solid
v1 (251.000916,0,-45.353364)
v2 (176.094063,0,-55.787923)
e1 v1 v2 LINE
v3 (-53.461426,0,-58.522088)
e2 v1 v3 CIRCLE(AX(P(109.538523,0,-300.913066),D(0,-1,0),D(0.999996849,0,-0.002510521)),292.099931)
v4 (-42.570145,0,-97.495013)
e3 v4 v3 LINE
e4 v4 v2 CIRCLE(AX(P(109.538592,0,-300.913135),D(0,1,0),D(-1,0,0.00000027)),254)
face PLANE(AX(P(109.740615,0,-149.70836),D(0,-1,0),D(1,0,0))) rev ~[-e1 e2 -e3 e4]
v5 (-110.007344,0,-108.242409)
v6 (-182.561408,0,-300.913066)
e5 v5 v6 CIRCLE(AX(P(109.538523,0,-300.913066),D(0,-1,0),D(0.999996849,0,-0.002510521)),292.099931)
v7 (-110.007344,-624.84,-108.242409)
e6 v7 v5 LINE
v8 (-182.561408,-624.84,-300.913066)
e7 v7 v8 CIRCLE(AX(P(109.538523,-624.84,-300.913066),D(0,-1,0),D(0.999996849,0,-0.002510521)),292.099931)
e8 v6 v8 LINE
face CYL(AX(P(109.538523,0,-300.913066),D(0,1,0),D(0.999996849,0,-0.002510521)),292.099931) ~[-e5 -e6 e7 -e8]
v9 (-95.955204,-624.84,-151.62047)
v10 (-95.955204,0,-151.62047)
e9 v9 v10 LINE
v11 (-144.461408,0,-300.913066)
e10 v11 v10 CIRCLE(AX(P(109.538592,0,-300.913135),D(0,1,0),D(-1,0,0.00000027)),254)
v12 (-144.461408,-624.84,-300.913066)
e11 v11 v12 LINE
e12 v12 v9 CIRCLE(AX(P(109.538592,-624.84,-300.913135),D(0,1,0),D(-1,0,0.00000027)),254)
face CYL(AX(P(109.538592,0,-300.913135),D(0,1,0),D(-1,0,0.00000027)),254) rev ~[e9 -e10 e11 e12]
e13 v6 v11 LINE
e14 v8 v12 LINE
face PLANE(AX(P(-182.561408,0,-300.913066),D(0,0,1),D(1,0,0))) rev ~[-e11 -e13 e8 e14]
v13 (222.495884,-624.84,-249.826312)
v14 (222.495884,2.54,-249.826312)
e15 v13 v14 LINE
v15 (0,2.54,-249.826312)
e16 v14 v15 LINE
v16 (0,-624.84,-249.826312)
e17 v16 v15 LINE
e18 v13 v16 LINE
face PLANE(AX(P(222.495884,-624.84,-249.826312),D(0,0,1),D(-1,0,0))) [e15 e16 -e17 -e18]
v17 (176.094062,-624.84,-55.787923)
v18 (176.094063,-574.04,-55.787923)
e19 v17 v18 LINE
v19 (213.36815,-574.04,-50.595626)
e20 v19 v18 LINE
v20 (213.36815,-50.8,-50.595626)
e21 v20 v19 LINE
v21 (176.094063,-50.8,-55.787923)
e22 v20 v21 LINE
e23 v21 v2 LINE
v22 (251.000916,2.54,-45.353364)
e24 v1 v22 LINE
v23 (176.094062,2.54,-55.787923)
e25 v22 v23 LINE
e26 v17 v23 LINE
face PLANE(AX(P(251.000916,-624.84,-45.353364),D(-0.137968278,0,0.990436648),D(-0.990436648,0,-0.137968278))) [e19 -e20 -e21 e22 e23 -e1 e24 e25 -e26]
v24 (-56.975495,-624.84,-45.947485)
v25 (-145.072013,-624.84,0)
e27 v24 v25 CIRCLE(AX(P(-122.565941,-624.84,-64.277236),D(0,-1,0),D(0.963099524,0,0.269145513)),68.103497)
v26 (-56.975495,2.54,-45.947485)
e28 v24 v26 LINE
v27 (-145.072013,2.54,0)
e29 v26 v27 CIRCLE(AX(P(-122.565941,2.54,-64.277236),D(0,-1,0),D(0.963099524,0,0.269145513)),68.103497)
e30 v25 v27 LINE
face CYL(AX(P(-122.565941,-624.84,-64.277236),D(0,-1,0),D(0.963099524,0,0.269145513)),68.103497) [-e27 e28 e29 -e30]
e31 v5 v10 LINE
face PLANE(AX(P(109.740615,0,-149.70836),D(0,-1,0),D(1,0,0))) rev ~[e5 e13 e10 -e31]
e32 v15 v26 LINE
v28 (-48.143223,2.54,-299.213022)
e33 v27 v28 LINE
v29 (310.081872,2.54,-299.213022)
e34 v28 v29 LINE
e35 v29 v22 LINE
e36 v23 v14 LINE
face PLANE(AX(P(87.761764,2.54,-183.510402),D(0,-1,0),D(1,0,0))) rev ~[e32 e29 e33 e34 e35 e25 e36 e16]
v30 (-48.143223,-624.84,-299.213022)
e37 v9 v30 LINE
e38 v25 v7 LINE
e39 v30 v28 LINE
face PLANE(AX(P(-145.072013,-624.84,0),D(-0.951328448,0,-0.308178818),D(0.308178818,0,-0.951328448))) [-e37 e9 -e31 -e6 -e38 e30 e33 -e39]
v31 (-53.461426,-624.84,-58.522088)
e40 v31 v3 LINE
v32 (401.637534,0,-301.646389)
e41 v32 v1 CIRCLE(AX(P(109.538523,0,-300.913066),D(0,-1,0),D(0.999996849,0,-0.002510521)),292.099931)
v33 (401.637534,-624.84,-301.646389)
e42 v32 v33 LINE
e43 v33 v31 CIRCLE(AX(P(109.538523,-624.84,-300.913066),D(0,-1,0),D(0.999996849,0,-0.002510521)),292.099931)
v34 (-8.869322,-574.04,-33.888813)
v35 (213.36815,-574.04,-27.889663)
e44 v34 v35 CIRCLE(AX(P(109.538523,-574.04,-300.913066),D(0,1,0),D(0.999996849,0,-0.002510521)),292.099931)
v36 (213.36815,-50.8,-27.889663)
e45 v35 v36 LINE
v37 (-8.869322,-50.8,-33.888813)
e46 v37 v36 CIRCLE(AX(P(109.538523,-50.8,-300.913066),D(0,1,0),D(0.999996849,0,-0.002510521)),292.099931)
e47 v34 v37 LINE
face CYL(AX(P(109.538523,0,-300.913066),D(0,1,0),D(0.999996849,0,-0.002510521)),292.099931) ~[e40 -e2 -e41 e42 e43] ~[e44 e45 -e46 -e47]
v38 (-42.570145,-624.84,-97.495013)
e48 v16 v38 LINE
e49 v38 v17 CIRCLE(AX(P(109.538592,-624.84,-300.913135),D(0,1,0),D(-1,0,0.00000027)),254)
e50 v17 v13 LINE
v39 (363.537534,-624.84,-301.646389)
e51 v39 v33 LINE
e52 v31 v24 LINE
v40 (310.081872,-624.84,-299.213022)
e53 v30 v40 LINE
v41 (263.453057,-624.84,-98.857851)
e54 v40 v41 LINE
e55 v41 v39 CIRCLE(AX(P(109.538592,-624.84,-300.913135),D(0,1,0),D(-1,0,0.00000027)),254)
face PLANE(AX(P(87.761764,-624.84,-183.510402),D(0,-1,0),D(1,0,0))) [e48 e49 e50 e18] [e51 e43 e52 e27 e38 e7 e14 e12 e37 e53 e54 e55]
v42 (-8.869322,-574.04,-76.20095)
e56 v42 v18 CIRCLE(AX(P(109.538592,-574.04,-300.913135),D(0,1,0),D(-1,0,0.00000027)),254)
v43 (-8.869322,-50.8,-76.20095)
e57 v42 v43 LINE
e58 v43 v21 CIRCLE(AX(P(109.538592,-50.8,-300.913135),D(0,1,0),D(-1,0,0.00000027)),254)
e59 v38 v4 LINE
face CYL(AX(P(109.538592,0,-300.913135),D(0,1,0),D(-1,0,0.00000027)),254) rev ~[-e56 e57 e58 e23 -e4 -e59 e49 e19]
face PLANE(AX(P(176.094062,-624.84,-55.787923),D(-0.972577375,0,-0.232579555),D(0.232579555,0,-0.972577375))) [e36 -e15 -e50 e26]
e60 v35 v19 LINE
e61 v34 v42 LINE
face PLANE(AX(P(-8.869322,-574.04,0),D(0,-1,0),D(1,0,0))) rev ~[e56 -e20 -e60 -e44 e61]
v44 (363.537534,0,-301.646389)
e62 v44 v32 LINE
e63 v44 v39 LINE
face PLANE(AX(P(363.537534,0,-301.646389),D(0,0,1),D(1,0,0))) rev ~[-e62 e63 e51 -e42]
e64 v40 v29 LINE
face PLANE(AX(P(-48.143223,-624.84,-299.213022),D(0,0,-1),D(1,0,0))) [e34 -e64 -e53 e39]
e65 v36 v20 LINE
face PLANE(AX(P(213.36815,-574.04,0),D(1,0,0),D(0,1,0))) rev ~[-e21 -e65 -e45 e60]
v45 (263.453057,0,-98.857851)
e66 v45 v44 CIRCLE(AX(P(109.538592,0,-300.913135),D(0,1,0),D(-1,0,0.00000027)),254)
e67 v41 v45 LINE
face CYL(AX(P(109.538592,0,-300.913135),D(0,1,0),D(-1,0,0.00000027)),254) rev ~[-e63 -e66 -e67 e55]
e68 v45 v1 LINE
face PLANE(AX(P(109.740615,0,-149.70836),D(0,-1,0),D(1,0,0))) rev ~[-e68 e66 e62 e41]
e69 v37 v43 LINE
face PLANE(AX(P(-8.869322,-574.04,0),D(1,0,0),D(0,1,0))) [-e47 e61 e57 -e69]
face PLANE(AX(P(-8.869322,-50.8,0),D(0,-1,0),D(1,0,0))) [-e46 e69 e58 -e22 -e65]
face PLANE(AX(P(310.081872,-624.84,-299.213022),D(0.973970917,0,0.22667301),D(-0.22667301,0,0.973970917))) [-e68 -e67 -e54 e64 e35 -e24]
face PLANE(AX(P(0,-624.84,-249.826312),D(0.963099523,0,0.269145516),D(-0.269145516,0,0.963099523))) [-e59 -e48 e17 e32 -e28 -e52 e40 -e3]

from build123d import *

# Parameters (mm, degrees)
F1_DEPTH = 624.84
F3_W     = 222.237472
F3_H     = 523.24
F4_DEPTH = 99.06
F5_DEPTH = 627.38


with BuildPart() as f1:
    # F0 (on Front) → F1 (new body)
    with BuildSketch(Plane.XZ):
        with BuildLine():
            Line((363.537534, -301.646389), (401.637534, -301.646389))
            ThreePointArc((401.637534, -301.646389), (109.905185, -8.813365), (-182.561408, -300.913066))
            Line((-182.561408, -300.913066), (-144.461408, -300.913066))
            ThreePointArc((-144.461408, -300.913066), (109.905254, -46.913399), (363.537534, -301.646389))
        make_face()
    extrude(amount=F1_DEPTH)

    # F3 (on Top) → F4 (cut)
    with BuildSketch(Plane.XY):
        with Locations((102.249414, -312.42)):
            Rectangle(F3_W, F3_H)
    extrude(amount=-F4_DEPTH, mode=Mode.SUBTRACT)

    # F2 (on face) → F5 (join)
    with BuildSketch(Plane.XZ.offset(624.84)):
        with BuildLine():
            Line((176.094062, -55.787923), (222.495884, -249.826312))
            Line((222.495884, -249.826312), (0, -249.826312))
            Line((0, -249.826312), (-56.975495, -45.947485))
            ThreePointArc((-56.975495, -45.947485), (-91.072153, -3.893234), (-145.072013, 0))
            Line((-145.072013, 0), (-48.143223, -299.213022))
            Line((-48.143223, -299.213022), (310.081872, -299.213022))
            Line((310.081872, -299.213022), (251.000916, -45.353364))
            Line((251.000916, -45.353364), (176.094062, -55.787923))
        make_face()
    extrude(amount=-F5_DEPTH)


solid = f1.part
